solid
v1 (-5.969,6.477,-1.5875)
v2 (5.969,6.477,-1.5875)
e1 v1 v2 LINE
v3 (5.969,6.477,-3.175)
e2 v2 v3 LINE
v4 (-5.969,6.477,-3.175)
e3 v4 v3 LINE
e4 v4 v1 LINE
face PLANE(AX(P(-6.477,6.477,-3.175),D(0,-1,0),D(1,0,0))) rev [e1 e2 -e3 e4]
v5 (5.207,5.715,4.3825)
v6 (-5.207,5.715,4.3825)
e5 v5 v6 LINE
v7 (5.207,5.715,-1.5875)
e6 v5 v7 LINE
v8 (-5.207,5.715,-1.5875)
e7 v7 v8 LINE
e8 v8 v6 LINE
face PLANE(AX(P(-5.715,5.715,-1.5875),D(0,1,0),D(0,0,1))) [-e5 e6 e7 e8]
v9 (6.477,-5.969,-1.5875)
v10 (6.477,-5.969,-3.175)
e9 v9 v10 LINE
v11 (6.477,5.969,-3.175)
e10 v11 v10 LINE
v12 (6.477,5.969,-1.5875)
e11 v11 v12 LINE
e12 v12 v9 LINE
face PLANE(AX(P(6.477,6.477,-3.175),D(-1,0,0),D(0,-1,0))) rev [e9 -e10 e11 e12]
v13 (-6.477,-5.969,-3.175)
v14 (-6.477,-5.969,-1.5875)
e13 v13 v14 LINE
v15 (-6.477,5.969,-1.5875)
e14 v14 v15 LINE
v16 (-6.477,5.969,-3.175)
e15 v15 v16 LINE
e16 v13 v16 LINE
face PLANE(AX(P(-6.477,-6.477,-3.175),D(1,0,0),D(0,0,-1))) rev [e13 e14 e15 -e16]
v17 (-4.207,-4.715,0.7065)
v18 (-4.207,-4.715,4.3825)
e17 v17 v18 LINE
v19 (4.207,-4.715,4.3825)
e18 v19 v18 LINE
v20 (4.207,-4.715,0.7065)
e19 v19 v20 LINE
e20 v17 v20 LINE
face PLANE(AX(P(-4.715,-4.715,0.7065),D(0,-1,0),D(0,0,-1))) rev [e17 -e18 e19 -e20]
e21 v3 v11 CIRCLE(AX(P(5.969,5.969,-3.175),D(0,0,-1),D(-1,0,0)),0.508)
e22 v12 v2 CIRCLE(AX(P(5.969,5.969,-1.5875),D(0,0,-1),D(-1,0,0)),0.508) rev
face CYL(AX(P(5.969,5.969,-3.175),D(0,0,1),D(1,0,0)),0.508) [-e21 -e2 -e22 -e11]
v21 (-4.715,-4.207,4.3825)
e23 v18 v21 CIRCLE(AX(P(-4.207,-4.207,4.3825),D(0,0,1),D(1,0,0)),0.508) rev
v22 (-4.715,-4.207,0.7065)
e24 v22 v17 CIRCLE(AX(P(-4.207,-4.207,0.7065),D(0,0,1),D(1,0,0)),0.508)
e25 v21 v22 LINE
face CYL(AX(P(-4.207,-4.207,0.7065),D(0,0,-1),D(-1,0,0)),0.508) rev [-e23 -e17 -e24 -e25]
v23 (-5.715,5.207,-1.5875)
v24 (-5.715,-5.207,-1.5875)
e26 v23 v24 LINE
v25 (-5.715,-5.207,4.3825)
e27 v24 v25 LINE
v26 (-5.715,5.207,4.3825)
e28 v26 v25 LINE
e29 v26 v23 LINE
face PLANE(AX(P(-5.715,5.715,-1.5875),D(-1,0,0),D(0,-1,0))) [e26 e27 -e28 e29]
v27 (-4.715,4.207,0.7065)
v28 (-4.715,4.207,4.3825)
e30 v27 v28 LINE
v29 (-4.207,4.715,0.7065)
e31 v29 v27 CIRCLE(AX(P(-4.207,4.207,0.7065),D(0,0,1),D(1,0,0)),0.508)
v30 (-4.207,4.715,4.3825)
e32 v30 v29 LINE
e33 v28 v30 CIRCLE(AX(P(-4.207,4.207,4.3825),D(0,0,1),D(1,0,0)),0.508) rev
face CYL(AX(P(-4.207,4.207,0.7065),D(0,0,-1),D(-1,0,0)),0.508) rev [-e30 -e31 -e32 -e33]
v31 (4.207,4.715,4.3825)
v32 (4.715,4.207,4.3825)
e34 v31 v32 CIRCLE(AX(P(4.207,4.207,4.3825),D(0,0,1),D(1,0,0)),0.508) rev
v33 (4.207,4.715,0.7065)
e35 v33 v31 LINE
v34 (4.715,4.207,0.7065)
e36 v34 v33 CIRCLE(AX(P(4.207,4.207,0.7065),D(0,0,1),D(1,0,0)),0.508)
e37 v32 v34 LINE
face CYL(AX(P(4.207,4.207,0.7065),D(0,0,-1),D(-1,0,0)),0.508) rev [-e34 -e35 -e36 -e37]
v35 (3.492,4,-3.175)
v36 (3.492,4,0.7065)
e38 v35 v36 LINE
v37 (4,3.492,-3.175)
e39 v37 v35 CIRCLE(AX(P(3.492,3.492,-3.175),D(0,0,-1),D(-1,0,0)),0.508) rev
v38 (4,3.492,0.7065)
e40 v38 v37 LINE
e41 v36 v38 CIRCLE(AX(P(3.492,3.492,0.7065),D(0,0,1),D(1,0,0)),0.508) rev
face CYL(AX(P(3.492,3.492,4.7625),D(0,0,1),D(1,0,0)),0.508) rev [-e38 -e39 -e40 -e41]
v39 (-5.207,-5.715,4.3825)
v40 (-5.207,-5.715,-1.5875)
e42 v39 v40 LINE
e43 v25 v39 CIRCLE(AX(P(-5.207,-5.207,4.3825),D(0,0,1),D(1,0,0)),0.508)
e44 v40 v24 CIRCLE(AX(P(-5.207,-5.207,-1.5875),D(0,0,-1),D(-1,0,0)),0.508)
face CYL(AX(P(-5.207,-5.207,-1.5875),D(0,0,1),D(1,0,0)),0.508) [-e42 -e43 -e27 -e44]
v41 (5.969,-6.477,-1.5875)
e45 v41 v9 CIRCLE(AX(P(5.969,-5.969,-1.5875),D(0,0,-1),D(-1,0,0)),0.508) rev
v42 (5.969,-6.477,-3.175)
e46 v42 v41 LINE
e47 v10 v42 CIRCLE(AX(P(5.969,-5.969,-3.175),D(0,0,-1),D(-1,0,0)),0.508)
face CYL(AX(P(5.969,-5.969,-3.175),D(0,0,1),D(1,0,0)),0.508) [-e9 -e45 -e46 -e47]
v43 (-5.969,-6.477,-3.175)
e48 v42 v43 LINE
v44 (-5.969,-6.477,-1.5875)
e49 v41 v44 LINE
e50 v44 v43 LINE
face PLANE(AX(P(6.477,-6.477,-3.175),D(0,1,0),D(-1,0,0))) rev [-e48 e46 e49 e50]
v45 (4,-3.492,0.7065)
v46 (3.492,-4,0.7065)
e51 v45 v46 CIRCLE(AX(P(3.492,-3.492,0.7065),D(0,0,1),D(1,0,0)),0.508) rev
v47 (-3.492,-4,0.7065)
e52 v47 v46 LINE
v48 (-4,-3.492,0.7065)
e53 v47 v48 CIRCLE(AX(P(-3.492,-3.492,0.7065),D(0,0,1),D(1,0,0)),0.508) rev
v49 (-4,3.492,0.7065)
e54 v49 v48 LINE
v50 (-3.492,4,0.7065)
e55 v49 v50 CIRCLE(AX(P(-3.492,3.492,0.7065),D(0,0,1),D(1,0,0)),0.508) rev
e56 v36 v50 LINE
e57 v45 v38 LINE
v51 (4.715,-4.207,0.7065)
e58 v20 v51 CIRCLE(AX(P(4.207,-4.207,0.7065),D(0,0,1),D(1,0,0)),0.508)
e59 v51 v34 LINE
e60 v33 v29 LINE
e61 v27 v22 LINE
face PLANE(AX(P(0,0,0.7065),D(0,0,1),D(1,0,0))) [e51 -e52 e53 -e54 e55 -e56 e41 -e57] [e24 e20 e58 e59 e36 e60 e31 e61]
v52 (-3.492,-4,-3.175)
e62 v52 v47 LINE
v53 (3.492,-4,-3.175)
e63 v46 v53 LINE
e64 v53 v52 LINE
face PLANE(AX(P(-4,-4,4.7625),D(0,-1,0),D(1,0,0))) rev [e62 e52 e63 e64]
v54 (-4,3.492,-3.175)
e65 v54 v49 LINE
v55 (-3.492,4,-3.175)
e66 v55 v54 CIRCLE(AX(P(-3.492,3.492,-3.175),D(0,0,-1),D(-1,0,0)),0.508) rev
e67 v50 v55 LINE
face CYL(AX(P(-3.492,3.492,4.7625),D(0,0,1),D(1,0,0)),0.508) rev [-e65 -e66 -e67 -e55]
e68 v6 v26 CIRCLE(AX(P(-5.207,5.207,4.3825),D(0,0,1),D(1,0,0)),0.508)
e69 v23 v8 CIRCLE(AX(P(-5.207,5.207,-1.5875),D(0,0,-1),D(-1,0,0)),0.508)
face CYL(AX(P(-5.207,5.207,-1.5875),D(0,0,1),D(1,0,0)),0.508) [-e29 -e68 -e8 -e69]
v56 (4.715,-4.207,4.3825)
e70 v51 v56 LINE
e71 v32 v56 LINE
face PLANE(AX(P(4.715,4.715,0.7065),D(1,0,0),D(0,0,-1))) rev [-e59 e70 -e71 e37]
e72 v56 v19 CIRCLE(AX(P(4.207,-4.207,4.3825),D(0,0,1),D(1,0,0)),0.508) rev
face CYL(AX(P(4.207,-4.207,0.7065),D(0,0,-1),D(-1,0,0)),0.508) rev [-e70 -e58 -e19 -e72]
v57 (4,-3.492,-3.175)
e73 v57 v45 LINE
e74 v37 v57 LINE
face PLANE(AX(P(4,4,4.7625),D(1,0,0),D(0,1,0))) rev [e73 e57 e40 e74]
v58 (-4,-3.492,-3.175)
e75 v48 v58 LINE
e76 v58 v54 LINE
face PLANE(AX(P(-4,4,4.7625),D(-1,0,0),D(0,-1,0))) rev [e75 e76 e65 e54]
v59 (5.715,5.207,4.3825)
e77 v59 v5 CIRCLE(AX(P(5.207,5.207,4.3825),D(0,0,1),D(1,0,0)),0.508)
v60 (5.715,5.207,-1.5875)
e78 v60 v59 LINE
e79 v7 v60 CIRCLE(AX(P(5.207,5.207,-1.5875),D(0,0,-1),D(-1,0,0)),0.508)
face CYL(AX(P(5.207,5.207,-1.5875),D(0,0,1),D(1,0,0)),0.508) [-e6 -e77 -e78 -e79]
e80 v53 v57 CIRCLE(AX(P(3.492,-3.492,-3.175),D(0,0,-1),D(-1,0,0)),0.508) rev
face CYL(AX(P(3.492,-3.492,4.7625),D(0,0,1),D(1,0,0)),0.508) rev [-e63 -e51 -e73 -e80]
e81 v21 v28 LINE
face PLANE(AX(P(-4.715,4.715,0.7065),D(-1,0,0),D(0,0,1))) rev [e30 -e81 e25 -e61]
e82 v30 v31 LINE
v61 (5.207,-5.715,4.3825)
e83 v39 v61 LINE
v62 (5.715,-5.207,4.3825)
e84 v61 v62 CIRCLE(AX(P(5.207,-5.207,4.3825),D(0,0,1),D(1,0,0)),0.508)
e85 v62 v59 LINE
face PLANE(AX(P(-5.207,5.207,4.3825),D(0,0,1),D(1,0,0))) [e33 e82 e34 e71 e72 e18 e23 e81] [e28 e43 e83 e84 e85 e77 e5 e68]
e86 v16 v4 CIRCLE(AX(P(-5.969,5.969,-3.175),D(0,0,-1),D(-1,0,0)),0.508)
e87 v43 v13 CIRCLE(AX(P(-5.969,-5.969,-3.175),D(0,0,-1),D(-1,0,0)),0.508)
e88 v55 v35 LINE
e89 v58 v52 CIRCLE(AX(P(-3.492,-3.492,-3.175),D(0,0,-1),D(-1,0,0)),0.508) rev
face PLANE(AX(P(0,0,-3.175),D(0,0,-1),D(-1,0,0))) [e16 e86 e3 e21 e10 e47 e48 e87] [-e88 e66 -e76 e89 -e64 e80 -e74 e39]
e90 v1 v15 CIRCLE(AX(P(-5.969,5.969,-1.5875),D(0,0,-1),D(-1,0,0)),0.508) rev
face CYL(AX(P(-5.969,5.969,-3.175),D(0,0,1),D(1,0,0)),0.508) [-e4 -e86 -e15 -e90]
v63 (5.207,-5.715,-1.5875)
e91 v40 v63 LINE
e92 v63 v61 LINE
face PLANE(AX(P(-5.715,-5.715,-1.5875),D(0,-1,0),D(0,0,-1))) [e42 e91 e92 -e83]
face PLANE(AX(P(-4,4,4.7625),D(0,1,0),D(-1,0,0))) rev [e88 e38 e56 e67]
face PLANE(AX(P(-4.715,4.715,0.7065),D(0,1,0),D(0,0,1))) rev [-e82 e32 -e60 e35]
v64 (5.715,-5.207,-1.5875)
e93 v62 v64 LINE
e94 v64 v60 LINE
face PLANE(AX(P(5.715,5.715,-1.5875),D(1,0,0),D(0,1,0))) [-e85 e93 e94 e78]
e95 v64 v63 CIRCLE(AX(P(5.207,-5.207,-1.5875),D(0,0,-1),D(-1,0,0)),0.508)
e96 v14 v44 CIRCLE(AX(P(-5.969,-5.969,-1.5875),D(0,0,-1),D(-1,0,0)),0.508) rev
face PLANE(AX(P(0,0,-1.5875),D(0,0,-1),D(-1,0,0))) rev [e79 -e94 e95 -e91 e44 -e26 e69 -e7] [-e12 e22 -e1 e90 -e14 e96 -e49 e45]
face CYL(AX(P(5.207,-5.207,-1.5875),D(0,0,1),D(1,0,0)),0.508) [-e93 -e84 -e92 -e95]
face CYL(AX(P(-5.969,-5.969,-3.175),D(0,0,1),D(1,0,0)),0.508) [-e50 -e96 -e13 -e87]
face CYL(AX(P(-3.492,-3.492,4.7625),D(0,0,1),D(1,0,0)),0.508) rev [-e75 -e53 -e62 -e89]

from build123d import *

# Parameters (mm, degrees)
SKETCH1_W                = 11.43
SKETCH1_H                = 11.43
BOSS_EXTRUDE1_DEPTH      = 4.7625
BOSS_EXTRUDE1_DEPTH_BACK = 1.5875
SKETCH2_W                = 12.954
SKETCH2_H                = 12.954
BOSS_EXTRUDE2_DEPTH      = 1.5875
SKETCH23_W               = 4.099999912
SKETCH23_H               = 3.500000096
CUT_EXTRUDE5_DEPTH       = 8.9375
SKETCH24_W               = 6.254
SKETCH24_H               = 4.754
CUT_EXTRUDE6_DEPTH       = 4.15
SKETCH25_W               = 9.43
SKETCH25_H               = 9.43
CUT_EXTRUDE7_DEPTH       = 4.056
SKETCH26_W               = 8
SKETCH26_H               = 8
CUT_EXTRUDE8_DEPTH       = 8.9375
FILLET7_R                = 0.508
CUT_EXTRUDE9_DEPTH       = 0.38


with BuildPart() as part:
    # Sketch1 → Boss-Extrude1 (new body, two sides)
    with BuildSketch(Plane.XY) as boss_extrude1_sk:
        Rectangle(SKETCH1_W, SKETCH1_H)
    extrude(amount=BOSS_EXTRUDE1_DEPTH)
    extrude(boss_extrude1_sk.sketch, amount=-BOSS_EXTRUDE1_DEPTH_BACK)

    # Sketch2 → Boss-Extrude2 (add)
    with BuildSketch(Plane(origin=(0, 0, -1.5875), x_dir=(-1, 0, 0), z_dir=(0, 0, -1))):
        Rectangle(SKETCH2_W, SKETCH2_H)
    extrude(amount=BOSS_EXTRUDE2_DEPTH)

    # Sketch23 → Cut-Extrude5 (cut, through all)
    with BuildSketch(Plane.XY.offset(4.7625)):
        Rectangle(SKETCH23_W, SKETCH23_H)
    extrude(amount=-CUT_EXTRUDE5_DEPTH, mode=Mode.SUBTRACT)

    # Sketch24 → Cut-Extrude6 (cut)
    with BuildSketch(Plane(origin=(0, 0, -3.175), x_dir=(-1, 0, 0), z_dir=(0, 0, -1))):
        Rectangle(SKETCH24_W, SKETCH24_H)
    extrude(amount=-CUT_EXTRUDE6_DEPTH, mode=Mode.SUBTRACT)

    # Sketch25 → Cut-Extrude7 (cut)
    with BuildSketch(Plane.XY.offset(4.7625)):
        Rectangle(SKETCH25_W, SKETCH25_H)
    extrude(amount=-CUT_EXTRUDE7_DEPTH, mode=Mode.SUBTRACT)

    # Sketch26 → Cut-Extrude8 (cut, through all)
    with BuildSketch(Plane(origin=(0, 0, -3.175), x_dir=(-1, 0, 0), z_dir=(0, 0, -1))):
        Rectangle(SKETCH26_W, SKETCH26_H)
    extrude(amount=-CUT_EXTRUDE8_DEPTH, mode=Mode.SUBTRACT)

    # Fillet7
    fillet7_edges = [part.edges().sort_by_distance(p)[0] for p in [
        (4, -4, -1.23425),
        (4, 4, -1.23425),
        (-4, 4, -1.23425),
        (-4, -4, -1.23425),
        (-6.477, 6.477, -2.38125),
        (6.477, 6.477, -2.38125),
        (6.477, -6.477, -2.38125),
        (-6.477, -6.477, -2.38125),
        (5.715, -5.715, 1.5875),
        (-5.715, -5.715, 1.5875),
        (-5.715, 5.715, 1.5875),
        (5.715, 5.715, 1.5875),
        (4.715, 4.715, 2.7345),
        (4.715, -4.715, 2.7345),
        (-4.715, -4.715, 2.7345),
        (-4.715, 4.715, 2.7345),
    ]]
    fillet(fillet7_edges, radius=FILLET7_R)

    # Sketch27 → Cut-Extrude9 (cut)
    with BuildSketch(Plane.XY.offset(4.7625)):
        with BuildLine():
            Line((-5.715, 5.207), (-5.715, -5.207))
            ThreePointArc((-5.715, -5.207), (-5.566210245, -5.566210245), (-5.207, -5.715))
            Line((-5.207, -5.715), (5.207, -5.715))
            ThreePointArc((5.207, -5.715), (5.566210245, -5.566210245), (5.715, -5.207))
            Line((5.715, -5.207), (5.715, 5.207))
            ThreePointArc((5.715, 5.207), (5.566210245, 5.566210245), (5.207, 5.715))
            Line((5.207, 5.715), (-5.207, 5.715))
            ThreePointArc((-5.207, 5.715), (-5.566210245, 5.566210245), (-5.715, 5.207))
        make_face()
    extrude(amount=-CUT_EXTRUDE9_DEPTH, mode=Mode.SUBTRACT)


solid = part.part
